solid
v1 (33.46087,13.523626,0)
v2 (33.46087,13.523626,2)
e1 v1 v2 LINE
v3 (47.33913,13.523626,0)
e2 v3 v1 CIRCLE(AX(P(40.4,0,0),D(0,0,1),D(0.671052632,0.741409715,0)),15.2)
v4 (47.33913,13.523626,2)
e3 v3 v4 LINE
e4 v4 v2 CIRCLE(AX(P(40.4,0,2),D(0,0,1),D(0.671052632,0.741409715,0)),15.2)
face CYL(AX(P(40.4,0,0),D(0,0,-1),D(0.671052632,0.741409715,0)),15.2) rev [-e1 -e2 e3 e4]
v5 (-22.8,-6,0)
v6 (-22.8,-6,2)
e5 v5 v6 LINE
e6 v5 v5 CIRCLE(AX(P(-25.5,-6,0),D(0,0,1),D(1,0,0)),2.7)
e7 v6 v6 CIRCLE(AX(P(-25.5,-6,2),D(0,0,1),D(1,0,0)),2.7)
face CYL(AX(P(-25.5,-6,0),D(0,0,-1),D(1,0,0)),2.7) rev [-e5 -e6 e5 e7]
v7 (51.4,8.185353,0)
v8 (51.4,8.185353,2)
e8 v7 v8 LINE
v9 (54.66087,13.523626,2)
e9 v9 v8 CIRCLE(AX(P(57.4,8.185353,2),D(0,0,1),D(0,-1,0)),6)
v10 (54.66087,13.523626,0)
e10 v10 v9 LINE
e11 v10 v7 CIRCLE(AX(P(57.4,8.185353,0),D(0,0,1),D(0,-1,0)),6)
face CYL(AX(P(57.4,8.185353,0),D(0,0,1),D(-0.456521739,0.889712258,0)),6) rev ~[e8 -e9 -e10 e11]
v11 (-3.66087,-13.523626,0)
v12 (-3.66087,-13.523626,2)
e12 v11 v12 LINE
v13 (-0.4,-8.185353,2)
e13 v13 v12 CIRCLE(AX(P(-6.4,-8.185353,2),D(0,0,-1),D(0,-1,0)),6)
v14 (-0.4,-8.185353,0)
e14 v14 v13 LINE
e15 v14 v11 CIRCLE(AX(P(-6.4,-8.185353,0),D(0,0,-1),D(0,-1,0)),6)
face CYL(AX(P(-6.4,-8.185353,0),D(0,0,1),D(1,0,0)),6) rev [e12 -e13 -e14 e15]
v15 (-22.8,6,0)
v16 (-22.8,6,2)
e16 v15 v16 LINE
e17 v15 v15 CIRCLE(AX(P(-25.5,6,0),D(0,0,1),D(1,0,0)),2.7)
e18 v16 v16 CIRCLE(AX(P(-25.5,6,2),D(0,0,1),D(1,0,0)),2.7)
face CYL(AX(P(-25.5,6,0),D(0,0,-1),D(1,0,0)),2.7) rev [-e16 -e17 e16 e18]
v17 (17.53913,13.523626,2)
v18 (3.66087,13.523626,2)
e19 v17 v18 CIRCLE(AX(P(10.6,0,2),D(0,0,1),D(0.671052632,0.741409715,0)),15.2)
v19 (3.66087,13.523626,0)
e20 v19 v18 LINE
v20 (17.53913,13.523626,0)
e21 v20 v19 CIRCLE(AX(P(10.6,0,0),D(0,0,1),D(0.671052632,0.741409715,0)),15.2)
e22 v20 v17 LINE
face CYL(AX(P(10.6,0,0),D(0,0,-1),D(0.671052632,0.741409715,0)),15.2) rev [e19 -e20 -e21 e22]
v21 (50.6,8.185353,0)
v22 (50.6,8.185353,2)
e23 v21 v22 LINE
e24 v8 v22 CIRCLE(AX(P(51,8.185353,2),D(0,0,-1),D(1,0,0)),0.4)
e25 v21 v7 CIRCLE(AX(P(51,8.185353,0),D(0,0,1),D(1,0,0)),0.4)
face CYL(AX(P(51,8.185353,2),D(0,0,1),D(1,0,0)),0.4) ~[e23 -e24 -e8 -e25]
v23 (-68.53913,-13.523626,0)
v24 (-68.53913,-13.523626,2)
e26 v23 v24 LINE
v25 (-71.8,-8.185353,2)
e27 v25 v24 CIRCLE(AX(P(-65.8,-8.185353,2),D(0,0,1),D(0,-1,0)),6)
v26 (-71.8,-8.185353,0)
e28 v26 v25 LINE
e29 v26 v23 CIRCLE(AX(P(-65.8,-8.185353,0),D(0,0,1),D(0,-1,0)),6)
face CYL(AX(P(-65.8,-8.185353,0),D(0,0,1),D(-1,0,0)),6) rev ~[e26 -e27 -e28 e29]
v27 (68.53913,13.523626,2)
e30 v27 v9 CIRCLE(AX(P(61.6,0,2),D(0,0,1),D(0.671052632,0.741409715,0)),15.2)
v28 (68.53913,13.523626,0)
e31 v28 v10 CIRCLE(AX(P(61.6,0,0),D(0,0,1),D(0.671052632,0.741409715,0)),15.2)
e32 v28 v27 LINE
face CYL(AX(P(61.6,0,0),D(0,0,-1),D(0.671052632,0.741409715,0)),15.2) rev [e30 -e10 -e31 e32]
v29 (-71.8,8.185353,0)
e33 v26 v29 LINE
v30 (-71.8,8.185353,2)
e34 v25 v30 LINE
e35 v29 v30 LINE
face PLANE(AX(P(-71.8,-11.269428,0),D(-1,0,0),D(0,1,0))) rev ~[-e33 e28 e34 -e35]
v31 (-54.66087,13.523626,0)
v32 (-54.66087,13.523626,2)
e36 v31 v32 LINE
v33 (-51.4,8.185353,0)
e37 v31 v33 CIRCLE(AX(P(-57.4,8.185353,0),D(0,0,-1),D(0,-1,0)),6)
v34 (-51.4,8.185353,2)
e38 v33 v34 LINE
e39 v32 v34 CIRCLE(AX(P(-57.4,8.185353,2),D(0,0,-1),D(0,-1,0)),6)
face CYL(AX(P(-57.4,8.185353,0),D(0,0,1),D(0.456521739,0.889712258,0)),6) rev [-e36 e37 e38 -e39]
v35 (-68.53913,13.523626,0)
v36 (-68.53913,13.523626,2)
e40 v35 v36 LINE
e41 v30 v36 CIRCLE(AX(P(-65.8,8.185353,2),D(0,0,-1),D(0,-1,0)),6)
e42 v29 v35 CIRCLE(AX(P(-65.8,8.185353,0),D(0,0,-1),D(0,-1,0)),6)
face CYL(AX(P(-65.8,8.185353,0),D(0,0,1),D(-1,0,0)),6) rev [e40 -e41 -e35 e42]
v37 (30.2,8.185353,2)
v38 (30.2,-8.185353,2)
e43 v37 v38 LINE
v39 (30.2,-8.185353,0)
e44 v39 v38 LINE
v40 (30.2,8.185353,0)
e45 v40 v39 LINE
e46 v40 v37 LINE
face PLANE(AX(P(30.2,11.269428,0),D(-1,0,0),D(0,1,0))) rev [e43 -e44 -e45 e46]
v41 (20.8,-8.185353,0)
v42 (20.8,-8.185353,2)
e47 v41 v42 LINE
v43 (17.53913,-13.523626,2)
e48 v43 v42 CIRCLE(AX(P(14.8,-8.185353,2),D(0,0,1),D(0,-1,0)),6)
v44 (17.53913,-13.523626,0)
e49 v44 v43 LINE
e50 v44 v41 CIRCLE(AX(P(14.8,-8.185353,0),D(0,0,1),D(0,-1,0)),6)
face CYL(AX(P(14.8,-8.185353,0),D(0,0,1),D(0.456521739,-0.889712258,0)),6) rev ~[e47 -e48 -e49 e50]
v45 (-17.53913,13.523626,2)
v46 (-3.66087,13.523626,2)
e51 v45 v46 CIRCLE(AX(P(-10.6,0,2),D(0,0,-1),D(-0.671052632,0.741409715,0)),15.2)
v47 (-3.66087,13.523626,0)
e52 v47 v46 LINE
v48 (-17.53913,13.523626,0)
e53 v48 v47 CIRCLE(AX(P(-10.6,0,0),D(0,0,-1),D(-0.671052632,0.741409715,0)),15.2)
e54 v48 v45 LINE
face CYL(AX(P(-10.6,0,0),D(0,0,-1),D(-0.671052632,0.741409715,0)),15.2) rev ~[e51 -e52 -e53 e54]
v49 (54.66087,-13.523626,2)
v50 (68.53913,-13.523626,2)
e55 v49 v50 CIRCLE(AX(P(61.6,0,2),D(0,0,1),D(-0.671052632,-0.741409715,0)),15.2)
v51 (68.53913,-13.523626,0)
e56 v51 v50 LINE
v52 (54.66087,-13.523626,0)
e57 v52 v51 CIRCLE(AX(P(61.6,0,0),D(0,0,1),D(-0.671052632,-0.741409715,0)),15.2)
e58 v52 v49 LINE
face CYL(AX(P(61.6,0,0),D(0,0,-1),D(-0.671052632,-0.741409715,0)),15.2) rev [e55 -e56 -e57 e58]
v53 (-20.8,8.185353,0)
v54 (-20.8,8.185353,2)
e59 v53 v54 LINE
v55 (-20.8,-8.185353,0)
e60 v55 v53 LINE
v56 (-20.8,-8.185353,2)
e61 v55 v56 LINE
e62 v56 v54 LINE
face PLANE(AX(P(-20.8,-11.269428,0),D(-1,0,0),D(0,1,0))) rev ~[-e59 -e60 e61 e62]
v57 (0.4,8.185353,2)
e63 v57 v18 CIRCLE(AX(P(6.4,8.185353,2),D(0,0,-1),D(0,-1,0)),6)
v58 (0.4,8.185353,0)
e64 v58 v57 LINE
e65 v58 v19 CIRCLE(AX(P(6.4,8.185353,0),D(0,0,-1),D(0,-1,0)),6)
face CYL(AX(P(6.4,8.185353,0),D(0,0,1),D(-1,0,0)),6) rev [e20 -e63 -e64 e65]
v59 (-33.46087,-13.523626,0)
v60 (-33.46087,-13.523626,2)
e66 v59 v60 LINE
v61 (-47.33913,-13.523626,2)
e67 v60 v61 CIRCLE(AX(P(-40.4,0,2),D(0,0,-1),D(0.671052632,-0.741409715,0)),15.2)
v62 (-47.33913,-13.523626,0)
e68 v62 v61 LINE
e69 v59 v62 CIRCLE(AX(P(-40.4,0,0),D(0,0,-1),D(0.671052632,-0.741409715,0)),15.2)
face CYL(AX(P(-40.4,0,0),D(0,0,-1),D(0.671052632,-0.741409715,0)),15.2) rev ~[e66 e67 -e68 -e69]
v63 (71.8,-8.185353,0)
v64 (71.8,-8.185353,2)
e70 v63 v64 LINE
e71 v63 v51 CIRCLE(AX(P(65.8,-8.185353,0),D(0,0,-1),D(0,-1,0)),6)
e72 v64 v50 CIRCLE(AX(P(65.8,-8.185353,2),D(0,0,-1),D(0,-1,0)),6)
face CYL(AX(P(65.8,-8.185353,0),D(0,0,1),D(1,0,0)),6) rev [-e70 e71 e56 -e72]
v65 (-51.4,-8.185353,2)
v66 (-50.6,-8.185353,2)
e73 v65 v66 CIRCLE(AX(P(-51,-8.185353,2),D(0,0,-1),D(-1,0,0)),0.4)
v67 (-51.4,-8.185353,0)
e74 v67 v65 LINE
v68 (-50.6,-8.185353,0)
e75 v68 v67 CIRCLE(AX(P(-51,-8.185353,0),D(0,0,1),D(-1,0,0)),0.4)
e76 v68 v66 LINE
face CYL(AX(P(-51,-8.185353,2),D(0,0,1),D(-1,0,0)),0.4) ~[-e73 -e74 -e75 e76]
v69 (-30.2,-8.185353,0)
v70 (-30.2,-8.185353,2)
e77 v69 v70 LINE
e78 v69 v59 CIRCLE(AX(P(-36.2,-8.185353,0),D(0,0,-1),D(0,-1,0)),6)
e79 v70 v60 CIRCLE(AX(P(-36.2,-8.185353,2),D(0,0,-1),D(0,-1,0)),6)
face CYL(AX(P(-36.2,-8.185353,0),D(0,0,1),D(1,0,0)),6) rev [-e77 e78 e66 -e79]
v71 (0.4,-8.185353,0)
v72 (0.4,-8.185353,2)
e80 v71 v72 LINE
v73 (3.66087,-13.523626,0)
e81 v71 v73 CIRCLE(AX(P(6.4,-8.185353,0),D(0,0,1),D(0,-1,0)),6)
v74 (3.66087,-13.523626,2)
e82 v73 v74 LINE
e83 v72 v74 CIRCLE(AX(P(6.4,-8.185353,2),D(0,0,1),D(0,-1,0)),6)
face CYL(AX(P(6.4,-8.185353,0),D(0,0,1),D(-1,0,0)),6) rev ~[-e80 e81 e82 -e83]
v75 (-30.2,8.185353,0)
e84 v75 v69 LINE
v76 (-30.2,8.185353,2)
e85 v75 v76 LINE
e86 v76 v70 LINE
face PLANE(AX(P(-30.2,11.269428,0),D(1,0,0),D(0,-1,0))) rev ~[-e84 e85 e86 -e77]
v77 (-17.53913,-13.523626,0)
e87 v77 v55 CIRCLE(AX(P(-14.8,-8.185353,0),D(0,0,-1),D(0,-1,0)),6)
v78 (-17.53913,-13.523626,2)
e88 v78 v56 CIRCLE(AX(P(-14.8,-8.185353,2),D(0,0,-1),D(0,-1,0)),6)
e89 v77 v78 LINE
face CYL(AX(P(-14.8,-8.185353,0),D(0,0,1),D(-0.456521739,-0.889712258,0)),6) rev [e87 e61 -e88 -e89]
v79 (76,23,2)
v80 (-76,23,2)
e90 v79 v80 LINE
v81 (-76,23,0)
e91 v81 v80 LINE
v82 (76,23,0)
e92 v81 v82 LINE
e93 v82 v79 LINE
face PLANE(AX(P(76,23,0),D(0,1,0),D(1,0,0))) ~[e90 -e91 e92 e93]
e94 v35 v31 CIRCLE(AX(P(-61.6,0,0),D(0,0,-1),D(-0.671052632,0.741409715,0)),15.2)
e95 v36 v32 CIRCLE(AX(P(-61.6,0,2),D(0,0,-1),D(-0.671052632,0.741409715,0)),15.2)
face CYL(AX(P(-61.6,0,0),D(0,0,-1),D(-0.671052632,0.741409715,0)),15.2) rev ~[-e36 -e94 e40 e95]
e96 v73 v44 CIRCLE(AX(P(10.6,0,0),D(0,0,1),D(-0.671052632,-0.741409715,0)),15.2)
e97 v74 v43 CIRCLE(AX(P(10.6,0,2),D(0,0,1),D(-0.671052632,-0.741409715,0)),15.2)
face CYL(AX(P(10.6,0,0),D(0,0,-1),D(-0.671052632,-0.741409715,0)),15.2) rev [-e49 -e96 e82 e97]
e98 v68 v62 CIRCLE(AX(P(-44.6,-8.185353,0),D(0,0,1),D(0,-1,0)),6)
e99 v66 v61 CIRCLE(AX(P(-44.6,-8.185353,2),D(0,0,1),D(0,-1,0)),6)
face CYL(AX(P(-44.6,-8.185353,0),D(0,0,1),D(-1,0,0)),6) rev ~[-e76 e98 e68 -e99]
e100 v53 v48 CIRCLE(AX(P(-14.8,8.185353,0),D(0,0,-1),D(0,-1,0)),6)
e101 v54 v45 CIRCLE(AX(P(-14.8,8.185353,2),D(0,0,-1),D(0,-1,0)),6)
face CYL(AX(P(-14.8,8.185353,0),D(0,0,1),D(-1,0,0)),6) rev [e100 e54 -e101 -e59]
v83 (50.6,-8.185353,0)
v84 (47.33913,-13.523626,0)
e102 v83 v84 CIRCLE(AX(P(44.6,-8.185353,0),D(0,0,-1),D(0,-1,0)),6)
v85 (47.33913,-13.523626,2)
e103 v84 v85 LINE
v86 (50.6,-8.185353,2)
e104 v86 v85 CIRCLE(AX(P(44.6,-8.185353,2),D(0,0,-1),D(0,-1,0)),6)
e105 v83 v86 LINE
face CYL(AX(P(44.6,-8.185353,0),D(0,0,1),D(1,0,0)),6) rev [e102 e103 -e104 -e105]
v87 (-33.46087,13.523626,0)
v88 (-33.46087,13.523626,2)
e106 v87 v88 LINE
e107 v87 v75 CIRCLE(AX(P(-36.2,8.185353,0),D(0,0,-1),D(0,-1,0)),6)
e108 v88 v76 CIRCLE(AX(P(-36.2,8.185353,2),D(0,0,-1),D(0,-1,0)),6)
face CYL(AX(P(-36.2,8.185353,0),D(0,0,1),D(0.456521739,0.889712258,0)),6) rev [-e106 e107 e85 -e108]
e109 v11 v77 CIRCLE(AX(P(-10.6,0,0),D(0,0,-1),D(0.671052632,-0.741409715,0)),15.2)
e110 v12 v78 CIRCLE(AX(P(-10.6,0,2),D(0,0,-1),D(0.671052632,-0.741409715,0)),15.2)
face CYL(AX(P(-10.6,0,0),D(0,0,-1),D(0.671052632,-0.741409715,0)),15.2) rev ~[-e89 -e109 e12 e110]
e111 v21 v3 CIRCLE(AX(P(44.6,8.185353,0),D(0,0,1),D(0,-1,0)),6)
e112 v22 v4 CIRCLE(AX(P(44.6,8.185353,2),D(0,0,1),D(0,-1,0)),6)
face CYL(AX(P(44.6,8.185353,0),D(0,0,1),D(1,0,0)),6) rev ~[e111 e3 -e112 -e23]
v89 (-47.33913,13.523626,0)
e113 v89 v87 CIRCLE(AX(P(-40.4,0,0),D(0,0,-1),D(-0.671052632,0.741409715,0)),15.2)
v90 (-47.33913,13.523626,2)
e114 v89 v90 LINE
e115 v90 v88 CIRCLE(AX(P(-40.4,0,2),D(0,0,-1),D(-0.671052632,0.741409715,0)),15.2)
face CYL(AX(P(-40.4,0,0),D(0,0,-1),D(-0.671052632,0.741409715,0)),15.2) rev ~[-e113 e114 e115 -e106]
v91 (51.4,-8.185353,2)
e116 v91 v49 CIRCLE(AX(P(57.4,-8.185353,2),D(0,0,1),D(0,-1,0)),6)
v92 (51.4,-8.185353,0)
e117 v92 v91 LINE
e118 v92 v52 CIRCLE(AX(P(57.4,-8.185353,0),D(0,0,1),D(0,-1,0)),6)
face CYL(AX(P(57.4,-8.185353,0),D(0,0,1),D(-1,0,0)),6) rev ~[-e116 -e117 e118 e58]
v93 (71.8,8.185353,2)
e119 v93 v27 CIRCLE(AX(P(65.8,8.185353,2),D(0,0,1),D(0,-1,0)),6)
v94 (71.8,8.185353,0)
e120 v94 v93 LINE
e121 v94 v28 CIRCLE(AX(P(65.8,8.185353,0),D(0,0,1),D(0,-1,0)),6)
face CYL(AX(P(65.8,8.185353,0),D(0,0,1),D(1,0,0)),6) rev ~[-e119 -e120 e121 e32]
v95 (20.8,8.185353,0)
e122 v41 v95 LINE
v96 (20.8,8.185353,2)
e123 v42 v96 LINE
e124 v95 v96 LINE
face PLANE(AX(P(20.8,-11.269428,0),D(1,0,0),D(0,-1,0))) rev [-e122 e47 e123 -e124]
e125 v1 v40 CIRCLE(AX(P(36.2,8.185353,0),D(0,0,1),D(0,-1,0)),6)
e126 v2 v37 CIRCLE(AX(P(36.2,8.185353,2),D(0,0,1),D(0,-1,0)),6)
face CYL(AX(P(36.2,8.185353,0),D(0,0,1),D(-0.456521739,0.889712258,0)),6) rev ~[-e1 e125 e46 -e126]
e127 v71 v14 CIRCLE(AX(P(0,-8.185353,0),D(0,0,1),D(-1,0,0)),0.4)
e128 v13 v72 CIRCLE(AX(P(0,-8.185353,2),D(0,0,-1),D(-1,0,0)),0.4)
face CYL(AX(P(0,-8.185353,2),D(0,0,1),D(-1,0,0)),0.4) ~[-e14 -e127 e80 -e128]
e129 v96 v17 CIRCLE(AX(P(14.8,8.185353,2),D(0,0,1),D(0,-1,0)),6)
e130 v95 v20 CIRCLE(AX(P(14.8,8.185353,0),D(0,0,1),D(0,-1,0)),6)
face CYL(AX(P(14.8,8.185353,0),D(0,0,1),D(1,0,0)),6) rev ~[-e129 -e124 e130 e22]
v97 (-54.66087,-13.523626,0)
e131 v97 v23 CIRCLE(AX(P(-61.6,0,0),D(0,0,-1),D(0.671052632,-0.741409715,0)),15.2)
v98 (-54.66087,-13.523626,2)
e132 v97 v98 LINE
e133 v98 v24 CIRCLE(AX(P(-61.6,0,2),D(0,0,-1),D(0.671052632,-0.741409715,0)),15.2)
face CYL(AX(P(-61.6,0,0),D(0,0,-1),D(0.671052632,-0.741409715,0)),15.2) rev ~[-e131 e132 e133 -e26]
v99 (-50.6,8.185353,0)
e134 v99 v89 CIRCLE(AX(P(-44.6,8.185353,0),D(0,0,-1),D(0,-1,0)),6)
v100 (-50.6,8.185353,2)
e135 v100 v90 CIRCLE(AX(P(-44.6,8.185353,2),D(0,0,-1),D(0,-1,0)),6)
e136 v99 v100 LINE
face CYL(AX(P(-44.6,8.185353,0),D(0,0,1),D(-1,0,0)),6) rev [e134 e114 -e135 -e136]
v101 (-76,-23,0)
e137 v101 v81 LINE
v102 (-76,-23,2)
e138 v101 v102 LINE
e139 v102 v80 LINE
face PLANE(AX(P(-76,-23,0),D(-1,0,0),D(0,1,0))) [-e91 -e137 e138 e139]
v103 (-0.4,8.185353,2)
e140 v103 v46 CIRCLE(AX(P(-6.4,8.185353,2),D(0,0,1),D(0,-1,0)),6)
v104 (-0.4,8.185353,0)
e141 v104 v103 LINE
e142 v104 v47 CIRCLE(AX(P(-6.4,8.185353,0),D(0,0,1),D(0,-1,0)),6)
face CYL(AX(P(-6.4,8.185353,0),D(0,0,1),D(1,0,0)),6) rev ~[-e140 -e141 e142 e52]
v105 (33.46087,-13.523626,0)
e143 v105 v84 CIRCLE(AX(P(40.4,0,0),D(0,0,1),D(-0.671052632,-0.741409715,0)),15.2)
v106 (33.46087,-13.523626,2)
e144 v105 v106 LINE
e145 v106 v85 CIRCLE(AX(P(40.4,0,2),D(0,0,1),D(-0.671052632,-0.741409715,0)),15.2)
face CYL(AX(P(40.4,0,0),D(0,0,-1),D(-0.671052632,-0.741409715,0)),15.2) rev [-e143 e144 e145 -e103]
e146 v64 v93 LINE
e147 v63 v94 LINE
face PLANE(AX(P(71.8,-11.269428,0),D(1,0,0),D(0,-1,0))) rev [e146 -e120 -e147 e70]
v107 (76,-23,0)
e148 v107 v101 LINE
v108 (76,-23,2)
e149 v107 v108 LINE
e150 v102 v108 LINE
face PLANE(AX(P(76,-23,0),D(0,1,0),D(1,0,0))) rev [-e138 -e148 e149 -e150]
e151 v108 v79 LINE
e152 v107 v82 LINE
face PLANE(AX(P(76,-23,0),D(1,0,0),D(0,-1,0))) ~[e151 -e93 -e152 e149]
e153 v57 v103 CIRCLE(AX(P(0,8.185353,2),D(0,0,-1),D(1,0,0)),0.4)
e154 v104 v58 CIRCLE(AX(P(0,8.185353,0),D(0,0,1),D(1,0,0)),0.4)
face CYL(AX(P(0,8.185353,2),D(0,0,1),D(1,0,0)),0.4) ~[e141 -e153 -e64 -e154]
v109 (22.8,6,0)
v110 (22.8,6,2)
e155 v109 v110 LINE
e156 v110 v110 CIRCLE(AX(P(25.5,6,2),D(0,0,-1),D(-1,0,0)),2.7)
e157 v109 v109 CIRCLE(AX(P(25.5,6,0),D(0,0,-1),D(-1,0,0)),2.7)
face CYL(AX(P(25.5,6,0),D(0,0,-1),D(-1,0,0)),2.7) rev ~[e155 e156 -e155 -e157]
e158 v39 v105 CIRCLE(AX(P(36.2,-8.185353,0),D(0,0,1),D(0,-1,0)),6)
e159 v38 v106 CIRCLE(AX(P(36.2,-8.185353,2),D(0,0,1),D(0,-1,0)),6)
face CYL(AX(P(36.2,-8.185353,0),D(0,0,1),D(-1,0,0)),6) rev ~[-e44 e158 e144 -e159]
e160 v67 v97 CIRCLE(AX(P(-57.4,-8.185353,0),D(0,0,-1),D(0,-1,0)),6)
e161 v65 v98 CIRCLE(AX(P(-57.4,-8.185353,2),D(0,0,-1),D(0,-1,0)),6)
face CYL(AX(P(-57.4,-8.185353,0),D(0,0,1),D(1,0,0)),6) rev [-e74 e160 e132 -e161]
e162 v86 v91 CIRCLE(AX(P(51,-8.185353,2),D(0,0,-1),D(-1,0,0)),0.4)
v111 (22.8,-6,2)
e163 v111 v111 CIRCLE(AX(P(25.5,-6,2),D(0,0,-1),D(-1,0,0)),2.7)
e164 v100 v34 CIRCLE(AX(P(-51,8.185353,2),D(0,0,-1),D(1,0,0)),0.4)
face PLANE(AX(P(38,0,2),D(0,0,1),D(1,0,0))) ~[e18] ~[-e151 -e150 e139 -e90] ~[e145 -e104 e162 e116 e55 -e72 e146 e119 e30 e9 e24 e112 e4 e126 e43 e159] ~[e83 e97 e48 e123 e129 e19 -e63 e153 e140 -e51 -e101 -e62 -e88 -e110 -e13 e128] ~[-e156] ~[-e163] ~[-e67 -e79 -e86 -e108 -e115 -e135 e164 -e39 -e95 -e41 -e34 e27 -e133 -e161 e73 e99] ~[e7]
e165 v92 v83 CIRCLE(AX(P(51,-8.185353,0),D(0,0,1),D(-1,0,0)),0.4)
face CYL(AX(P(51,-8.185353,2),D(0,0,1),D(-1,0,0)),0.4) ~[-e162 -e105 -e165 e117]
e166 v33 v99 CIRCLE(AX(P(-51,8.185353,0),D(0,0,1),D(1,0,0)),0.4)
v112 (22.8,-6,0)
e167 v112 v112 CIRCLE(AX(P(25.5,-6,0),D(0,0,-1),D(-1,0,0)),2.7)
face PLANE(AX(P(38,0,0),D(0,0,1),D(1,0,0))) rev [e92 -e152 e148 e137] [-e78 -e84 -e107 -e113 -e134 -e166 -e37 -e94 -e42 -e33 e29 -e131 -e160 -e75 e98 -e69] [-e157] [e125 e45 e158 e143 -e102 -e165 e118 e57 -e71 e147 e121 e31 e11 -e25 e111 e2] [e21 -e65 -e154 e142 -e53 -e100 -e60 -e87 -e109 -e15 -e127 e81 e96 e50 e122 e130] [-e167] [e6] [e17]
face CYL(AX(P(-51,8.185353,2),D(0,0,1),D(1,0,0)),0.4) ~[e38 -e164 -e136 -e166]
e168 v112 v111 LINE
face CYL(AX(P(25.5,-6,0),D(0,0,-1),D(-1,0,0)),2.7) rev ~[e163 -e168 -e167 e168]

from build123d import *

# Parameters (mm, degrees)
F0_W     = 76
F0_H     = 46
F0_R     = 2.7
F1_DEPTH = 2
F2_R     = 6
F5_DEPTH = 25


with BuildPart() as f1:
    # F0 (on Top) → F1 (new body)
    with BuildSketch(Plane.XY):
        with Locations((-38, 0)):
            Rectangle(F0_W, F0_H)
        Polygon((-71.8, 11.2694276696), (-71.8, 15.2), (-61.6, 15.2), (-51.4, 15.2), (-51.4, 11.2694276696), (-51.4, -11.2694276696), (-51.4, -15.2), (-61.6, -15.2), (-71.8, -15.2), (-71.8, -11.2694276696), align=None, mode=Mode.SUBTRACT)
        Polygon((-50.6, 11.2694276696), (-50.6, 15.2), (-40.4, 15.2), (-30.2, 15.2), (-30.2, 11.2694276696), (-30.2, -11.2694276696), (-30.2, -15.2), (-40.4, -15.2), (-50.6, -15.2), (-50.6, -11.2694276696), align=None, mode=Mode.SUBTRACT)
        with Locations((-25.5, -6)):
            Circle(F0_R, mode=Mode.SUBTRACT)
        Polygon((-10.6, 15.2), (-0.4, 15.2), (-0.4, 11.2694276696), (-0.4, -11.2694276696), (-0.4, -15.2), (-10.6, -15.2), (-20.8, -15.2), (-20.8, -11.2694276696), (-20.8, 11.2694276696), (-20.8, 15.2), align=None, mode=Mode.SUBTRACT)
        with Locations((-25.5, 6)):
            Circle(F0_R, mode=Mode.SUBTRACT)
        with BuildLine():
            Line((-61.6, 15.2), (-71.8, 15.2))
            Line((-71.8, 15.2), (-71.8, 11.2694276696))
            ThreePointArc((-71.8, 11.2694276696), (-67.0655603291, 14.1833582162), (-61.6, 15.2))
        make_face()
        with BuildLine():
            Line((-51.4, 15.2), (-61.6, 15.2))
            ThreePointArc((-61.6, 15.2), (-56.1344396709, 14.1833582162), (-51.4, 11.2694276696))
            Line((-51.4, 11.2694276696), (-51.4, 15.2))
        make_face()
        with BuildLine():
            Line((-51.4, -15.2), (-51.4, -11.2694276696))
            ThreePointArc((-51.4, -11.2694276696), (-56.1344396709, -14.1833582162), (-61.6, -15.2))
            Line((-61.6, -15.2), (-51.4, -15.2))
        make_face()
        with BuildLine():
            ThreePointArc((-61.6, -15.2), (-67.0655603291, -14.1833582162), (-71.8, -11.2694276696))
            Line((-71.8, -11.2694276696), (-71.8, -15.2))
            Line((-71.8, -15.2), (-61.6, -15.2))
        make_face()
        with BuildLine():
            Line((-40.4, 15.2), (-50.6, 15.2))
            Line((-50.6, 15.2), (-50.6, 11.2694276696))
            ThreePointArc((-50.6, 11.2694276696), (-45.8655603291, 14.1833582162), (-40.4, 15.2))
        make_face()
        with BuildLine():
            Line((-30.2, 15.2), (-40.4, 15.2))
            ThreePointArc((-40.4, 15.2), (-34.9344396709, 14.1833582162), (-30.2, 11.2694276696))
            Line((-30.2, 11.2694276696), (-30.2, 15.2))
        make_face()
        with BuildLine():
            ThreePointArc((-20.8, 11.2694276696), (-16.0655603291, 14.1833582162), (-10.6, 15.2))
            Line((-10.6, 15.2), (-20.8, 15.2))
            Line((-20.8, 15.2), (-20.8, 11.2694276696))
        make_face()
        with BuildLine():
            Line((-0.4, 11.2694276696), (-0.4, 15.2))
            Line((-0.4, 15.2), (-10.6, 15.2))
            ThreePointArc((-10.6, 15.2), (-5.1344396709, 14.1833582162), (-0.4, 11.2694276696))
        make_face()
        with BuildLine():
            Line((-0.4, -15.2), (-0.4, -11.2694276696))
            ThreePointArc((-0.4, -11.2694276696), (-5.1344396709, -14.1833582162), (-10.6, -15.2))
            Line((-10.6, -15.2), (-0.4, -15.2))
        make_face()
        with BuildLine():
            ThreePointArc((-10.6, -15.2), (-16.0655603291, -14.1833582162), (-20.8, -11.2694276696))
            Line((-20.8, -11.2694276696), (-20.8, -15.2))
            Line((-20.8, -15.2), (-10.6, -15.2))
        make_face()
        with BuildLine():
            Line((-30.2, -15.2), (-30.2, -11.2694276696))
            ThreePointArc((-30.2, -11.2694276696), (-34.9344396709, -14.1833582162), (-40.4, -15.2))
            Line((-40.4, -15.2), (-30.2, -15.2))
        make_face()
        with BuildLine():
            ThreePointArc((-40.4, -15.2), (-45.8655603291, -14.1833582162), (-50.6, -11.2694276696))
            Line((-50.6, -11.2694276696), (-50.6, -15.2))
            Line((-50.6, -15.2), (-40.4, -15.2))
        make_face()
    extrude(amount=F1_DEPTH)

    # F2
    f2_edges = [f1.edges().sort_by_distance(p)[0] for p in [
        (-71.8, 11.269428, 1),
        (-71.8, -11.269428, 1),
        (-51.4, -11.269428, 1),
        (-51.4, 11.269428, 1),
        (-50.6, 11.269428, 1),
        (-50.6, -11.269428, 1),
        (-20.8, 11.269428, 1),
        (-20.8, -11.269428, 1),
        (-0.4, 11.269428, 1),
        (-0.4, -11.269428, 1),
        (-30.2, -11.269428, 1),
        (-30.2, 11.269428, 1),
    ]]
    fillet(f2_edges, radius=F2_R)

    # F3: F1 across face


with BuildPart() as f1_1:
    add(f1.part)
    add(f1.part.mirror(Plane(origin=(0, 0, 1), x_dir=(0, 1, 0), z_dir=(1, 0, 0))))

    # F4 (on face) → F5 (cut)
    with BuildSketch(Plane.XY.offset(2)):
        with BuildLine():
            ThreePointArc((0.4, 8.1853527719), (0, 7.7853527719), (-0.4, 8.1853527719))
            Line((-0.4, 8.1853527719), (-0.4, -8.1853527719))
            ThreePointArc((-0.4, -8.1853527719), (0, -7.7853527719), (0.4, -8.1853527719))
            Line((0.4, -8.1853527719), (0.4, 8.1853527719))
        make_face()
        with BuildLine():
            ThreePointArc((51.4, 8.1853527719), (51, 7.7853527719), (50.6, 8.1853527719))
            Line((50.6, 8.1853527719), (50.6, -8.1853527719))
            ThreePointArc((50.6, -8.1853527719), (51, -7.7853527719), (51.4, -8.1853527719))
            Line((51.4, -8.1853527719), (51.4, 8.1853527719))
        make_face()
        with BuildLine():
            ThreePointArc((-50.6, 8.1853527719), (-51, 7.7853527719), (-51.4, 8.1853527719))
            Line((-51.4, 8.1853527719), (-51.4, -8.1853527719))
            ThreePointArc((-51.4, -8.1853527719), (-51, -7.7853527719), (-50.6, -8.1853527719))
            Line((-50.6, -8.1853527719), (-50.6, 8.1853527719))
        make_face()
    extrude(amount=-F5_DEPTH, mode=Mode.SUBTRACT)


solid = f1_1.part
